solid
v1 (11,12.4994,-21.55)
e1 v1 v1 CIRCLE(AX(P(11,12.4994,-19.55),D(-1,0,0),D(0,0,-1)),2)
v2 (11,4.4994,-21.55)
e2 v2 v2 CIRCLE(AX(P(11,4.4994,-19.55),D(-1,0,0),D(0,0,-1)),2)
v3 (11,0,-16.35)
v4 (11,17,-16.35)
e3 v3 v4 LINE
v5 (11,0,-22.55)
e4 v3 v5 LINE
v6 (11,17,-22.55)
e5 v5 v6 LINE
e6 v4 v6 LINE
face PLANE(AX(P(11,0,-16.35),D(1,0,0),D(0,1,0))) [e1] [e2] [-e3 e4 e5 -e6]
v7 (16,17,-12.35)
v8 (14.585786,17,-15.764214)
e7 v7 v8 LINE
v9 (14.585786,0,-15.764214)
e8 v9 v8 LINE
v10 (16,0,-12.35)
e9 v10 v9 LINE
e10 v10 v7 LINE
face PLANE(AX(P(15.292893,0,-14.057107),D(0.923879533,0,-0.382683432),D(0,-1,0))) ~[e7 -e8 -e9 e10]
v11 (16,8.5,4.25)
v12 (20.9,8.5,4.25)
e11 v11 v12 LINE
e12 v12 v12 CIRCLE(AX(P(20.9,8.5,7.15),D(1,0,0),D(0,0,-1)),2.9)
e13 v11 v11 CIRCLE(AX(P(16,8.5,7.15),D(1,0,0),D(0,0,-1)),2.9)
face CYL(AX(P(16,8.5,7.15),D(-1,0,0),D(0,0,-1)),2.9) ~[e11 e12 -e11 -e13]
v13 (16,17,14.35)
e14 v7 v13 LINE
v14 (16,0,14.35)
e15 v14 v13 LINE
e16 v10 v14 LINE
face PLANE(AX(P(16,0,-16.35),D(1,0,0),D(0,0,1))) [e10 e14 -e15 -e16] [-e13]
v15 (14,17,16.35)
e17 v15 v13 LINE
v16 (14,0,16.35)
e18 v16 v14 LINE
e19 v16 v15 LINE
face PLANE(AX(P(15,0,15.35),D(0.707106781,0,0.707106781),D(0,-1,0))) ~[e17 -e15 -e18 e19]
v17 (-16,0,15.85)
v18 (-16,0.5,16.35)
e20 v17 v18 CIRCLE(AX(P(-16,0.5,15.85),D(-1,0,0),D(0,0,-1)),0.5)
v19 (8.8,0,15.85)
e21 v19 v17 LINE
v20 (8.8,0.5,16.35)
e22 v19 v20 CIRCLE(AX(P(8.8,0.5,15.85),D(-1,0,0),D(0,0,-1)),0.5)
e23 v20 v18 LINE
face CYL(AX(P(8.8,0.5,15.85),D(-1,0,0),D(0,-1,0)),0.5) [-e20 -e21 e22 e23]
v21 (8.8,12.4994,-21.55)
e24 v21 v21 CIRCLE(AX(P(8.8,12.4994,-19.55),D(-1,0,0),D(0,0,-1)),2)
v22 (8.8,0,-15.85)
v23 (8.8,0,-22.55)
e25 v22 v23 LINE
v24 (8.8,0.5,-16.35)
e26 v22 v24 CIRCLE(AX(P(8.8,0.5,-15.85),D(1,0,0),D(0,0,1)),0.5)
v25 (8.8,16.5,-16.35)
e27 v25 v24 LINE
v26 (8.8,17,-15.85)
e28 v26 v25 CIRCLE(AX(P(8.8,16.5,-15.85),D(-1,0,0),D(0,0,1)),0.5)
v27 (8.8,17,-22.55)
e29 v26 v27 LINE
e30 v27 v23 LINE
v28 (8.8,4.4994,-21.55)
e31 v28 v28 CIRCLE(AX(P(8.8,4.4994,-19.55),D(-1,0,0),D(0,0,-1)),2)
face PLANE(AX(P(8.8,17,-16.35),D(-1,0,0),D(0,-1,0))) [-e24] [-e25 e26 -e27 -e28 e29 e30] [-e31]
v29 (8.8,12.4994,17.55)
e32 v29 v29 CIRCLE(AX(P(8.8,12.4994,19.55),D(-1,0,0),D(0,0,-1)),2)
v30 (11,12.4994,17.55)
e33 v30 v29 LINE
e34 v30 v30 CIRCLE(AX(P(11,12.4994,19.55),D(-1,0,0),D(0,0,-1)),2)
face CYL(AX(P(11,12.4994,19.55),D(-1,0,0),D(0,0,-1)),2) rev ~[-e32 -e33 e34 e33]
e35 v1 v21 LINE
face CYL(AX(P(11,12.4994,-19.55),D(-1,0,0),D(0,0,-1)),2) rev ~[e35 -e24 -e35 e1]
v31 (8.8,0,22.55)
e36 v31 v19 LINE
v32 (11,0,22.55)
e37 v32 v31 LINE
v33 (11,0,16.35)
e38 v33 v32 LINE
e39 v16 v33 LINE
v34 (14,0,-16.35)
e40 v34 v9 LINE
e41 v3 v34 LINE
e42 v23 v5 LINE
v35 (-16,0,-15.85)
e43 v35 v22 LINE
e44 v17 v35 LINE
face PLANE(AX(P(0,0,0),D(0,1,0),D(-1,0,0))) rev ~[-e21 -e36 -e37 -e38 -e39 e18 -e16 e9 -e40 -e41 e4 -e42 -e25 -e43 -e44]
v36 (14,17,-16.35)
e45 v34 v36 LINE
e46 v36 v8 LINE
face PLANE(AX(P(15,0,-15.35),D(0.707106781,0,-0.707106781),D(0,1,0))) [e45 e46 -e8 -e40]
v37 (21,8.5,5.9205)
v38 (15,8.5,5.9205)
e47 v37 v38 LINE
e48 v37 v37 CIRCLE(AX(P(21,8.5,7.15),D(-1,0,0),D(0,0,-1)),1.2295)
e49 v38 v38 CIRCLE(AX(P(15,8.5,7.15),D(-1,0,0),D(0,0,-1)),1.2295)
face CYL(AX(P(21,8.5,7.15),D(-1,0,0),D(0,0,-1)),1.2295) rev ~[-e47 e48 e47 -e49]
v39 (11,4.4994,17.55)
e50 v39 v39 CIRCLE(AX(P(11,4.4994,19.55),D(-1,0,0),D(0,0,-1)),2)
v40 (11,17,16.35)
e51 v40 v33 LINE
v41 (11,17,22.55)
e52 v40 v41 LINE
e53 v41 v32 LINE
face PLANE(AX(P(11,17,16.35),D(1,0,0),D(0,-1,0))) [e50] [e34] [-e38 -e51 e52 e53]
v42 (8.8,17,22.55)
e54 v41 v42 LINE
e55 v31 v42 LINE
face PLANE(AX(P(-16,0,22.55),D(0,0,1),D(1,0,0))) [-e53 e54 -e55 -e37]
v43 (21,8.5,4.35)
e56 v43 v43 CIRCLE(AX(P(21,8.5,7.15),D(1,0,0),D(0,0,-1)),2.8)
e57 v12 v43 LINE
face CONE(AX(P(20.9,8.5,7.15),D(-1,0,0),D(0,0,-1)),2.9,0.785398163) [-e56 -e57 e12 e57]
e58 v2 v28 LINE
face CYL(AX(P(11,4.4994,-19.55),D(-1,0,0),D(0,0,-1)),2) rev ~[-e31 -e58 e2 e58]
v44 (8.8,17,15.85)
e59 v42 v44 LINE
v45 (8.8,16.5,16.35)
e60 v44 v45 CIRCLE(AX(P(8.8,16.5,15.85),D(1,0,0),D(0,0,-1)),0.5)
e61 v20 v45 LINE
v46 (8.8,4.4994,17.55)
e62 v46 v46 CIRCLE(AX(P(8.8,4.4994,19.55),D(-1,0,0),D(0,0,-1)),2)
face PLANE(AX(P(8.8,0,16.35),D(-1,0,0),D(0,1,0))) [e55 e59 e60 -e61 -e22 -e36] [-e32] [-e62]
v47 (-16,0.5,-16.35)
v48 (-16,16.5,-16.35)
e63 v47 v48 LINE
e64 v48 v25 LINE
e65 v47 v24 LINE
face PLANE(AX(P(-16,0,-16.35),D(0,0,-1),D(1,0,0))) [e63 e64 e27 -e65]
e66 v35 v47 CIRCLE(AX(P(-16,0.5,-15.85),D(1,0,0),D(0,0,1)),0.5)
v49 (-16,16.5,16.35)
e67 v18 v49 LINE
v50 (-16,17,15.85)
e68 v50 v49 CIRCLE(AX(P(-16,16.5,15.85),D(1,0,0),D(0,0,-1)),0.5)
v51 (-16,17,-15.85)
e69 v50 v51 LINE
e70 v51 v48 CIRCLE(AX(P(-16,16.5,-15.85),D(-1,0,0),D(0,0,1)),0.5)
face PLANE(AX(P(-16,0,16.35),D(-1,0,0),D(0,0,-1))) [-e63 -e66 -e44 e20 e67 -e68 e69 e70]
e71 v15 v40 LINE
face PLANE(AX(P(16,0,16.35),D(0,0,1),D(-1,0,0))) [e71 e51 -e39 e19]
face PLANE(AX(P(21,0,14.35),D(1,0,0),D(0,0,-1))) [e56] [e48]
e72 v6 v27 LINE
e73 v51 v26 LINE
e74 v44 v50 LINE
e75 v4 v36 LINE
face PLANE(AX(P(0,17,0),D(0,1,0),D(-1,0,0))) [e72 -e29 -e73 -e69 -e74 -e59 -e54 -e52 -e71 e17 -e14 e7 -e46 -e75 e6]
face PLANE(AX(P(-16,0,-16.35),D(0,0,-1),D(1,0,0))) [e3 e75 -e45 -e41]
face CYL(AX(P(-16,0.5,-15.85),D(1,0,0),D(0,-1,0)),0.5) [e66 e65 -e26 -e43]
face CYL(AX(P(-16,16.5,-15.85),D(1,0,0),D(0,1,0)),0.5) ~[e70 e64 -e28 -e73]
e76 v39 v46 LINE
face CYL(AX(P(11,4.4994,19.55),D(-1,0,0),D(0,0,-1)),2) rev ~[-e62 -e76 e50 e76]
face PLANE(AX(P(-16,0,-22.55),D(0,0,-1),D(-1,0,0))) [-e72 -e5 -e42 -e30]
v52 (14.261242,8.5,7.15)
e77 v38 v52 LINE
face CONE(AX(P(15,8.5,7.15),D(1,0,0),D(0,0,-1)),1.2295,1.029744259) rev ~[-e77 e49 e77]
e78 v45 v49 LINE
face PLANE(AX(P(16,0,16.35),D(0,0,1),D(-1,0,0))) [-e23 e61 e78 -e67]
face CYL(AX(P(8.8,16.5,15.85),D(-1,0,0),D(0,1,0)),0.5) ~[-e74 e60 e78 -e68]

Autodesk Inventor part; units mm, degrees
ref_plane "YZ Plane" through (0, 0, 0) normal (1, 0, 0) x (0, 1, 0)
ref_plane "XZ Plane" through (0, 0, 0) normal (0, 1, 0) x (-1, 0, 0)
ref_plane "XY Plane" through (0, 0, 0) normal (0, 0, 1) x (1, 0, 0)
sketch "Sketch1" plane through (0, 0, 0) normal (0, 1, 0) x (-1, 0, 0)
  line L0 (-16, 16.35) -> (16, 16.35)
  line L1 (16, 16.35) -> (16, -16.35)
  line L2 (16, -16.35) -> (-16, -16.35)
  line L3 (-16, -16.35) -> (-16, 16.35)
  line L4 (-16, 16.35) -> (16, -16.35) construction
  line L5 (16, 16.35) -> (-16, -16.35) construction
  point P0 (0, 0)
  dimension "d0" = 32
  dimension "d1" = 32.7
extrude "Extrusion1" add sketch "Sketch1" along normal blind 17
chamfer "Chamfer1" distance 2 angle 45 2 edges at (16, 8.5, 16.35) (16, 8.5, -16.35)
chamfer "Chamfer2" distance 2 angle 45 1 edges at (16, 8.5, -14.35)
sketch "Sketch3" plane through (16, 0, 14.35) normal (1, 0, 0) x (0, 0, -1)
  line L0 (-2, 17) -> (-2, 0) projected
  circle A0 centre (7.2, 8.5) radius 2.9
  point P0 (14.35, 0)
  point P1 (-2, 8.5)
  dimension "d10" = 9.2
  dimension "d11" = 5.8
extrude "Extrusion2" add sketch "Sketch3" along normal blind 5
sketch "Sketch4" plane through (-16, 0, 16.35) normal (0, 0, 1) x (1, 0, 0)
  line L0 (30, 17) -> (0, 17) projected
  line L1 (24.8, 17) -> (27, 17)
  line L2 (27, 17) -> (27, 0)
  line L3 (27, 0) -> (24.8, 0)
  line L4 (24.8, 0) -> (24.8, 17)
  line L5 (32, 0) -> (32, 17) projected
  point P0 (16, 0)
  point P1 (25.9, 0)
  dimension "d14" = 5
  dimension "d15" = 2.2
extrude "Extrusion3" add sketch "Sketch4" along normal blind 6.2
sketch "Sketch5" plane through (11, 0, 16.35) normal (1, 0, 0) x (0, 0, -1)
  line L0 (0, 17) -> (0, 0) projected
  line L1 (0, 17) -> (-6.2, 17) projected
  line L2 (-6.2, 0) -> (-6.2, 17) projected
  line L3 (0, 0) -> (-6.2, 0) projected
  line L4 (0, 17) -> (-6.2, 17) construction
  line L5 (-3.2, 17) -> (-3.2, 12.4994) construction
  line L6 (-3.2, 12.4994) -> (-3.2, 4.4994) construction
  line L7 (-3.2, 4.4994) -> (-3.1, 0) construction
  point P0 (16.35, 0)
  dimension "d18" = 3
  dimension "d19" = 8
hole "Hole1" at (11, 12.4994, 19.55) at (11, 4.4994, 19.55) direction (-1, 0, 0) diameter 4 depth 8 tip angle 118
sketch "Sketch6" plane through (-16, 0, -16.35) normal (0, 0, -1) x (-1, 0, 0)
  line L0 (-27, 17) -> (-24.8, 17) projected
  line L1 (-24.8, 17) -> (-24.8, 0) projected
  line L2 (-24.8, 0) -> (-27, 0) projected
  line L3 (-27, 0) -> (-27, 17) projected
  line L4 (-27, 17) -> (-24.8, 17)
  line L5 (-24.8, 17) -> (-24.8, 0)
  line L6 (-24.8, 0) -> (-27, 0)
  line L7 (-27, 0) -> (-27, 17)
  point P0 (-16, 0)
extrude "Extrusion4" add sketch "Sketch6" along normal blind 6.2
sketch "Sketch7" plane through (11, 0, -16.35) normal (1, 0, 0) x (0, 0, -1)
  circle A0 centre (-35.9, 12.4994) radius 2 projected
  circle A1 centre (-35.9, 4.4994) radius 2 projected
  line L0 (6.2, 17) -> (6.2, 0) projected
  point P0 (-16.35, 0)
  point P1 (3.2, 12.4994)
  point P2 (3.2, 4.4994)
  dimension "d29" = 3
hole "Hole2" at (11, 12.4994, -19.55) at (11, 4.4994, -19.55) direction (-1, 0, 0) diameter 4 depth 8 tip angle 118
chamfer "Chamfer3" distance 0.1 angle 45 1 edges at (21, 8.5, 10.05)
fillet "Fillet1" radius 0.5 4 edges at (-3.6, 17, 16.35) (-3.6, 17, -16.35) (-3.6, 0, 16.35) (-3.6, 0, -16.35)
hole "Hole3" at (21, 8.5, 7.15) direction (-1, 0, 0) diameter 2.459 depth 6 tip angle 118 thread size "M3x0.5" class "6H" standard "ISO Metric profile"
properties part number "Corona-MG339MG"
